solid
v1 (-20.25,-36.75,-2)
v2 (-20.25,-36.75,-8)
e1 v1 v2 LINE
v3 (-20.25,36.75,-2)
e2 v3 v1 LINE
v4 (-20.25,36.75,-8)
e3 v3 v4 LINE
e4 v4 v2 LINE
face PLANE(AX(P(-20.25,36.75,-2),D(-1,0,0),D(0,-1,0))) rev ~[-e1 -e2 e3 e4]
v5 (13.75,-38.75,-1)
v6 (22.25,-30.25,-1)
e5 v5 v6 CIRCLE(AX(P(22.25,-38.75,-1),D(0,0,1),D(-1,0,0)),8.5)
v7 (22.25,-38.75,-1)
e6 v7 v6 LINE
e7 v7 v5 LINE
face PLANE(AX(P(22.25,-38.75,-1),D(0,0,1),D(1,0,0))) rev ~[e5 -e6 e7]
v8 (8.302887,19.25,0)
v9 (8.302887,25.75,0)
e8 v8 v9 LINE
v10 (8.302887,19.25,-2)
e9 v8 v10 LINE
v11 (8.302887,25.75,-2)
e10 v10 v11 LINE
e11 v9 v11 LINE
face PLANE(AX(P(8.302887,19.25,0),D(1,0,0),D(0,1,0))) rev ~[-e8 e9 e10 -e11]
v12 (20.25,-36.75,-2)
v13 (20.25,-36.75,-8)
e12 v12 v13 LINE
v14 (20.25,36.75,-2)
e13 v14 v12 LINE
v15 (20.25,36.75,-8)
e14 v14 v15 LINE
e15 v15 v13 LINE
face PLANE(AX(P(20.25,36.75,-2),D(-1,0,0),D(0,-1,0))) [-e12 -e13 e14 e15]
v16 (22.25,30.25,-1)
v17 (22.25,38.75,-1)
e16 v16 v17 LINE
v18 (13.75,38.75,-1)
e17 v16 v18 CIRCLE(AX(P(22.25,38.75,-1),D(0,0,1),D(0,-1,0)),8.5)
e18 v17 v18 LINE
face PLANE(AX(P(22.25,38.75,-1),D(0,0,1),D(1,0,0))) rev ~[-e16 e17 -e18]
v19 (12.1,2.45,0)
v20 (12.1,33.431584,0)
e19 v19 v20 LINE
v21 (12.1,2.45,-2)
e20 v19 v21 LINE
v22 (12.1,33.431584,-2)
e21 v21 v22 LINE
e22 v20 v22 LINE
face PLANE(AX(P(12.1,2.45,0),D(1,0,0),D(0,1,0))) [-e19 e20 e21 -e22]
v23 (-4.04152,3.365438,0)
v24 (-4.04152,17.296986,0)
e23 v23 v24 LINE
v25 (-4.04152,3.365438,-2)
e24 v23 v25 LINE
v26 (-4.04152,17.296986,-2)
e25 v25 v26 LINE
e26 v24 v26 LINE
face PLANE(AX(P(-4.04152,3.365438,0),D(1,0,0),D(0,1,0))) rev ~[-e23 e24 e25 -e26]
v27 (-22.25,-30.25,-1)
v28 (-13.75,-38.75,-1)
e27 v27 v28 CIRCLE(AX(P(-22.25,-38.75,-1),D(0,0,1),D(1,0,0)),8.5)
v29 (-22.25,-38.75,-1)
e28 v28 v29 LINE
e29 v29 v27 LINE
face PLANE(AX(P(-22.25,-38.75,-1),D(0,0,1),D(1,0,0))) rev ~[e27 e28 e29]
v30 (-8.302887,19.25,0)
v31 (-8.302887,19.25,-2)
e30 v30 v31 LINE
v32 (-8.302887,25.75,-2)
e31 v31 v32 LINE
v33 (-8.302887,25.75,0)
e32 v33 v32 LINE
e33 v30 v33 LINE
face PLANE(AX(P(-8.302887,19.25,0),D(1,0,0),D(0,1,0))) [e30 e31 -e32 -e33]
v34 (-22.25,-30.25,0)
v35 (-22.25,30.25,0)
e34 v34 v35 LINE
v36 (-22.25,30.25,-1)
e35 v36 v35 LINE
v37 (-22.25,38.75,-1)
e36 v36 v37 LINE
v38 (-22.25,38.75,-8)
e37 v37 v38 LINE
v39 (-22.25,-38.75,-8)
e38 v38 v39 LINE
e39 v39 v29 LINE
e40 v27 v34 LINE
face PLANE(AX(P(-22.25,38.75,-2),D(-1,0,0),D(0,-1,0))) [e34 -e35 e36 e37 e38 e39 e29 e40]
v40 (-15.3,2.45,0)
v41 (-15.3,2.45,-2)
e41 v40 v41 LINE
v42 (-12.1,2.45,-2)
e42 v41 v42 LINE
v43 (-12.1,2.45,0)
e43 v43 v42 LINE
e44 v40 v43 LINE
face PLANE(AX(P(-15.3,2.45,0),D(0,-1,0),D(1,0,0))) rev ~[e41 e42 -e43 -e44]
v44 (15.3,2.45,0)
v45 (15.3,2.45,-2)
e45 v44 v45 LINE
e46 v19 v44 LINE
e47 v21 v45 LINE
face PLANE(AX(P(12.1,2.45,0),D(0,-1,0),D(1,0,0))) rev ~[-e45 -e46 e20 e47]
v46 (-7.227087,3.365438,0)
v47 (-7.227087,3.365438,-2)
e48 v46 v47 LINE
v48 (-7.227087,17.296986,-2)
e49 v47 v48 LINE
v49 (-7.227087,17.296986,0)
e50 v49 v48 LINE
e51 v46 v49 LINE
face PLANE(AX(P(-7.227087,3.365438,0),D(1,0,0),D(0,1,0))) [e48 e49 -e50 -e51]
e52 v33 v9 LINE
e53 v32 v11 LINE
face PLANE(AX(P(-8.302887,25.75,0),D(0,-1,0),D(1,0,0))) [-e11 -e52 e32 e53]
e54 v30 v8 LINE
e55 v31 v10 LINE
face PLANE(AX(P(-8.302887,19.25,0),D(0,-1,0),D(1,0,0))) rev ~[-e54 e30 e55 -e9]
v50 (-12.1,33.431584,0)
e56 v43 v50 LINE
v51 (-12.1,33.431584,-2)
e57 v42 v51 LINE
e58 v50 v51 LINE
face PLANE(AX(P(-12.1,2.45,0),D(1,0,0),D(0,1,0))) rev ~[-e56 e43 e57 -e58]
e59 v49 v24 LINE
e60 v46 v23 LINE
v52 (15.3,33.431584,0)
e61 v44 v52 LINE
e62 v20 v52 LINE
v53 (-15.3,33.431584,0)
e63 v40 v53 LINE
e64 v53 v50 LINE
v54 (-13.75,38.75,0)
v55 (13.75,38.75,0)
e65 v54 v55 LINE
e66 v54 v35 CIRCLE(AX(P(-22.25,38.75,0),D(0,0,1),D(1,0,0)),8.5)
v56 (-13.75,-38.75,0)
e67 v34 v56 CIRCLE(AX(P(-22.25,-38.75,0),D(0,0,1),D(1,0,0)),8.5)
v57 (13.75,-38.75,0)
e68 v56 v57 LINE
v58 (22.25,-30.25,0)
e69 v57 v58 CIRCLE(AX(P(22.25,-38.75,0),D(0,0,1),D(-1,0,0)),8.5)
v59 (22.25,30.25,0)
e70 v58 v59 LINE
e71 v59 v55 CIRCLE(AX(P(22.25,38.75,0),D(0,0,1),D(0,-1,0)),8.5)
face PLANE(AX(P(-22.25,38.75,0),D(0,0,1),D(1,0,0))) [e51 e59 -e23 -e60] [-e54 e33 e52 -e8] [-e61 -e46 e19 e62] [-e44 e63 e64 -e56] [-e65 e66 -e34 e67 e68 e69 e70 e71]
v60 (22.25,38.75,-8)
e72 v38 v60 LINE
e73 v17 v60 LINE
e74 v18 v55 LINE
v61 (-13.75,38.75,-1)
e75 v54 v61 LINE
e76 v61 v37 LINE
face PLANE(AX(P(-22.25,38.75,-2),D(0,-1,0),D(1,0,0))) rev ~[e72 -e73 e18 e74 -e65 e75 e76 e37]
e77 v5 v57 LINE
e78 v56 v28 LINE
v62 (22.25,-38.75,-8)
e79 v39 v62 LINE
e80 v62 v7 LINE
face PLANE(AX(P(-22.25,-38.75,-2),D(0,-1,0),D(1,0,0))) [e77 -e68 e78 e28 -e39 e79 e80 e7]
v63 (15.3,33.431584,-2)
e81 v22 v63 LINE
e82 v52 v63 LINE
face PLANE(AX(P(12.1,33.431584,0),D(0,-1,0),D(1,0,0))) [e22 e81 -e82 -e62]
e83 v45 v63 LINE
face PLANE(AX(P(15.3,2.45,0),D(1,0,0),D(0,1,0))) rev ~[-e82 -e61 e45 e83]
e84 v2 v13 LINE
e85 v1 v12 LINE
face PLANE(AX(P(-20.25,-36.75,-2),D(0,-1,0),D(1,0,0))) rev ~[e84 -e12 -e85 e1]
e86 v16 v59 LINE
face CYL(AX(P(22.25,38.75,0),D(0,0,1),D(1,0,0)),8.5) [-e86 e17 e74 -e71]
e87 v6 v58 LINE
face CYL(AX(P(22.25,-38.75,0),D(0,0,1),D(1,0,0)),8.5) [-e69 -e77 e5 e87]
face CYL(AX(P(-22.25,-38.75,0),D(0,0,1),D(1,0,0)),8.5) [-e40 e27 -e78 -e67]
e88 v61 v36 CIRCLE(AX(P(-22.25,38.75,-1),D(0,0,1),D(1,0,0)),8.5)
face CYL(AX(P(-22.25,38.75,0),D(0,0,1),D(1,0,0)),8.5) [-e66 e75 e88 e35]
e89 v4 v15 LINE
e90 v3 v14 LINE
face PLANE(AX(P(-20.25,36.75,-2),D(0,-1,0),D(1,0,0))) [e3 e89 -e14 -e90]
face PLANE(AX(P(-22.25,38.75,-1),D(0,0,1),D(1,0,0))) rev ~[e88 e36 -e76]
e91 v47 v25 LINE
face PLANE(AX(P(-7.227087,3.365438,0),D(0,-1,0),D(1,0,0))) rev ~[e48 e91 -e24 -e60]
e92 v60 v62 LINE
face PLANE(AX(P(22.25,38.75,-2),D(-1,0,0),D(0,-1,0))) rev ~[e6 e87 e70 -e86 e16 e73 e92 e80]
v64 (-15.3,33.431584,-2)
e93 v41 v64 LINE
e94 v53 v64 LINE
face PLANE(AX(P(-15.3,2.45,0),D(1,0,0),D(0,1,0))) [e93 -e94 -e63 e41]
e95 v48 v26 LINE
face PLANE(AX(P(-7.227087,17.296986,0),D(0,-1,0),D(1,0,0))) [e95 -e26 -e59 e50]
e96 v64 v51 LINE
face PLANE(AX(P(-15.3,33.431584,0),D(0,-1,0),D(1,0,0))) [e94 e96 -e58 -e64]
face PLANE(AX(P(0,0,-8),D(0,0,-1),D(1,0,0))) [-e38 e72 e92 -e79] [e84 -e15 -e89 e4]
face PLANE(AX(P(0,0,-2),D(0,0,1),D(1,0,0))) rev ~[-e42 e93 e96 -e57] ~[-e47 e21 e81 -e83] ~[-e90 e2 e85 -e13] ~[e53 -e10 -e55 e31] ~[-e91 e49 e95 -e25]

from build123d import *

# Parameters (mm, degrees)
F0_W     = 44.5
F0_H     = 77.5
F0_W_2   = 40.5
F0_H_2   = 73.5
F0_W_3   = 34.2
F0_H_3   = 33.5
F0_W_4   = 3.2
F0_H_4   = 30.9815835953
F0_W_5   = 3.1855669804
F0_H_5   = 13.9315482229
F0_W_6   = 16.6057739407
F0_H_6   = 6.5
F1_DEPTH = 2
F2_W     = 44.5
F2_H     = 77.5
F2_W_2   = 40.5
F2_H_2   = 73.5
F3_DEPTH = 6
F4_R     = 8.5
F5_DEPTH = 1


with BuildPart() as f1:
    # F0 (on Top) → F1 (new body)
    with BuildSketch(Plane.XY):
        Rectangle(F0_W, F0_H)
        Rectangle(F0_W_2, F0_H_2, mode=Mode.SUBTRACT)
        Rectangle(F0_W_2, F0_H_2)
        with Locations((0, 17.5)):
            Rectangle(F0_W_3, F0_H_3, mode=Mode.SUBTRACT)
        with Locations((0, 17.5)):
            Rectangle(F0_W_3, F0_H_3)
        with Locations((-13.7, 17.9407917976)):
            Rectangle(F0_W_4, F0_H_4, mode=Mode.SUBTRACT)
        with Locations((-5.6343034375, 10.3312116116)):
            Rectangle(F0_W_5, F0_H_5, mode=Mode.SUBTRACT)
        with Locations((0, 22.5)):
            Rectangle(F0_W_6, F0_H_6, mode=Mode.SUBTRACT)
        with Locations((13.7, 17.9407917976)):
            Rectangle(F0_W_4, F0_H_4, mode=Mode.SUBTRACT)
    extrude(amount=-F1_DEPTH)

    # F2 (on face) → F3 (join)
    with BuildSketch(Plane(origin=(0, 0, -2), x_dir=(1, 0, 0), z_dir=(0, 0, -1))):
        Rectangle(F2_W, F2_H)
        Rectangle(F2_W_2, F2_H_2, mode=Mode.SUBTRACT)
    extrude(amount=F3_DEPTH)

    # F4 (on face) → F5 (join)
    with BuildSketch(Plane.XY):
        with Locations((-22.25, 38.75)):
            Circle(F4_R)
        with Locations((22.25, 38.75)):
            Circle(F4_R)
        with Locations((22.25, -38.75)):
            Circle(F4_R)
        with Locations((-22.25, -38.75)):
            Circle(F4_R)
    extrude(amount=-F5_DEPTH)


solid = f1.part
